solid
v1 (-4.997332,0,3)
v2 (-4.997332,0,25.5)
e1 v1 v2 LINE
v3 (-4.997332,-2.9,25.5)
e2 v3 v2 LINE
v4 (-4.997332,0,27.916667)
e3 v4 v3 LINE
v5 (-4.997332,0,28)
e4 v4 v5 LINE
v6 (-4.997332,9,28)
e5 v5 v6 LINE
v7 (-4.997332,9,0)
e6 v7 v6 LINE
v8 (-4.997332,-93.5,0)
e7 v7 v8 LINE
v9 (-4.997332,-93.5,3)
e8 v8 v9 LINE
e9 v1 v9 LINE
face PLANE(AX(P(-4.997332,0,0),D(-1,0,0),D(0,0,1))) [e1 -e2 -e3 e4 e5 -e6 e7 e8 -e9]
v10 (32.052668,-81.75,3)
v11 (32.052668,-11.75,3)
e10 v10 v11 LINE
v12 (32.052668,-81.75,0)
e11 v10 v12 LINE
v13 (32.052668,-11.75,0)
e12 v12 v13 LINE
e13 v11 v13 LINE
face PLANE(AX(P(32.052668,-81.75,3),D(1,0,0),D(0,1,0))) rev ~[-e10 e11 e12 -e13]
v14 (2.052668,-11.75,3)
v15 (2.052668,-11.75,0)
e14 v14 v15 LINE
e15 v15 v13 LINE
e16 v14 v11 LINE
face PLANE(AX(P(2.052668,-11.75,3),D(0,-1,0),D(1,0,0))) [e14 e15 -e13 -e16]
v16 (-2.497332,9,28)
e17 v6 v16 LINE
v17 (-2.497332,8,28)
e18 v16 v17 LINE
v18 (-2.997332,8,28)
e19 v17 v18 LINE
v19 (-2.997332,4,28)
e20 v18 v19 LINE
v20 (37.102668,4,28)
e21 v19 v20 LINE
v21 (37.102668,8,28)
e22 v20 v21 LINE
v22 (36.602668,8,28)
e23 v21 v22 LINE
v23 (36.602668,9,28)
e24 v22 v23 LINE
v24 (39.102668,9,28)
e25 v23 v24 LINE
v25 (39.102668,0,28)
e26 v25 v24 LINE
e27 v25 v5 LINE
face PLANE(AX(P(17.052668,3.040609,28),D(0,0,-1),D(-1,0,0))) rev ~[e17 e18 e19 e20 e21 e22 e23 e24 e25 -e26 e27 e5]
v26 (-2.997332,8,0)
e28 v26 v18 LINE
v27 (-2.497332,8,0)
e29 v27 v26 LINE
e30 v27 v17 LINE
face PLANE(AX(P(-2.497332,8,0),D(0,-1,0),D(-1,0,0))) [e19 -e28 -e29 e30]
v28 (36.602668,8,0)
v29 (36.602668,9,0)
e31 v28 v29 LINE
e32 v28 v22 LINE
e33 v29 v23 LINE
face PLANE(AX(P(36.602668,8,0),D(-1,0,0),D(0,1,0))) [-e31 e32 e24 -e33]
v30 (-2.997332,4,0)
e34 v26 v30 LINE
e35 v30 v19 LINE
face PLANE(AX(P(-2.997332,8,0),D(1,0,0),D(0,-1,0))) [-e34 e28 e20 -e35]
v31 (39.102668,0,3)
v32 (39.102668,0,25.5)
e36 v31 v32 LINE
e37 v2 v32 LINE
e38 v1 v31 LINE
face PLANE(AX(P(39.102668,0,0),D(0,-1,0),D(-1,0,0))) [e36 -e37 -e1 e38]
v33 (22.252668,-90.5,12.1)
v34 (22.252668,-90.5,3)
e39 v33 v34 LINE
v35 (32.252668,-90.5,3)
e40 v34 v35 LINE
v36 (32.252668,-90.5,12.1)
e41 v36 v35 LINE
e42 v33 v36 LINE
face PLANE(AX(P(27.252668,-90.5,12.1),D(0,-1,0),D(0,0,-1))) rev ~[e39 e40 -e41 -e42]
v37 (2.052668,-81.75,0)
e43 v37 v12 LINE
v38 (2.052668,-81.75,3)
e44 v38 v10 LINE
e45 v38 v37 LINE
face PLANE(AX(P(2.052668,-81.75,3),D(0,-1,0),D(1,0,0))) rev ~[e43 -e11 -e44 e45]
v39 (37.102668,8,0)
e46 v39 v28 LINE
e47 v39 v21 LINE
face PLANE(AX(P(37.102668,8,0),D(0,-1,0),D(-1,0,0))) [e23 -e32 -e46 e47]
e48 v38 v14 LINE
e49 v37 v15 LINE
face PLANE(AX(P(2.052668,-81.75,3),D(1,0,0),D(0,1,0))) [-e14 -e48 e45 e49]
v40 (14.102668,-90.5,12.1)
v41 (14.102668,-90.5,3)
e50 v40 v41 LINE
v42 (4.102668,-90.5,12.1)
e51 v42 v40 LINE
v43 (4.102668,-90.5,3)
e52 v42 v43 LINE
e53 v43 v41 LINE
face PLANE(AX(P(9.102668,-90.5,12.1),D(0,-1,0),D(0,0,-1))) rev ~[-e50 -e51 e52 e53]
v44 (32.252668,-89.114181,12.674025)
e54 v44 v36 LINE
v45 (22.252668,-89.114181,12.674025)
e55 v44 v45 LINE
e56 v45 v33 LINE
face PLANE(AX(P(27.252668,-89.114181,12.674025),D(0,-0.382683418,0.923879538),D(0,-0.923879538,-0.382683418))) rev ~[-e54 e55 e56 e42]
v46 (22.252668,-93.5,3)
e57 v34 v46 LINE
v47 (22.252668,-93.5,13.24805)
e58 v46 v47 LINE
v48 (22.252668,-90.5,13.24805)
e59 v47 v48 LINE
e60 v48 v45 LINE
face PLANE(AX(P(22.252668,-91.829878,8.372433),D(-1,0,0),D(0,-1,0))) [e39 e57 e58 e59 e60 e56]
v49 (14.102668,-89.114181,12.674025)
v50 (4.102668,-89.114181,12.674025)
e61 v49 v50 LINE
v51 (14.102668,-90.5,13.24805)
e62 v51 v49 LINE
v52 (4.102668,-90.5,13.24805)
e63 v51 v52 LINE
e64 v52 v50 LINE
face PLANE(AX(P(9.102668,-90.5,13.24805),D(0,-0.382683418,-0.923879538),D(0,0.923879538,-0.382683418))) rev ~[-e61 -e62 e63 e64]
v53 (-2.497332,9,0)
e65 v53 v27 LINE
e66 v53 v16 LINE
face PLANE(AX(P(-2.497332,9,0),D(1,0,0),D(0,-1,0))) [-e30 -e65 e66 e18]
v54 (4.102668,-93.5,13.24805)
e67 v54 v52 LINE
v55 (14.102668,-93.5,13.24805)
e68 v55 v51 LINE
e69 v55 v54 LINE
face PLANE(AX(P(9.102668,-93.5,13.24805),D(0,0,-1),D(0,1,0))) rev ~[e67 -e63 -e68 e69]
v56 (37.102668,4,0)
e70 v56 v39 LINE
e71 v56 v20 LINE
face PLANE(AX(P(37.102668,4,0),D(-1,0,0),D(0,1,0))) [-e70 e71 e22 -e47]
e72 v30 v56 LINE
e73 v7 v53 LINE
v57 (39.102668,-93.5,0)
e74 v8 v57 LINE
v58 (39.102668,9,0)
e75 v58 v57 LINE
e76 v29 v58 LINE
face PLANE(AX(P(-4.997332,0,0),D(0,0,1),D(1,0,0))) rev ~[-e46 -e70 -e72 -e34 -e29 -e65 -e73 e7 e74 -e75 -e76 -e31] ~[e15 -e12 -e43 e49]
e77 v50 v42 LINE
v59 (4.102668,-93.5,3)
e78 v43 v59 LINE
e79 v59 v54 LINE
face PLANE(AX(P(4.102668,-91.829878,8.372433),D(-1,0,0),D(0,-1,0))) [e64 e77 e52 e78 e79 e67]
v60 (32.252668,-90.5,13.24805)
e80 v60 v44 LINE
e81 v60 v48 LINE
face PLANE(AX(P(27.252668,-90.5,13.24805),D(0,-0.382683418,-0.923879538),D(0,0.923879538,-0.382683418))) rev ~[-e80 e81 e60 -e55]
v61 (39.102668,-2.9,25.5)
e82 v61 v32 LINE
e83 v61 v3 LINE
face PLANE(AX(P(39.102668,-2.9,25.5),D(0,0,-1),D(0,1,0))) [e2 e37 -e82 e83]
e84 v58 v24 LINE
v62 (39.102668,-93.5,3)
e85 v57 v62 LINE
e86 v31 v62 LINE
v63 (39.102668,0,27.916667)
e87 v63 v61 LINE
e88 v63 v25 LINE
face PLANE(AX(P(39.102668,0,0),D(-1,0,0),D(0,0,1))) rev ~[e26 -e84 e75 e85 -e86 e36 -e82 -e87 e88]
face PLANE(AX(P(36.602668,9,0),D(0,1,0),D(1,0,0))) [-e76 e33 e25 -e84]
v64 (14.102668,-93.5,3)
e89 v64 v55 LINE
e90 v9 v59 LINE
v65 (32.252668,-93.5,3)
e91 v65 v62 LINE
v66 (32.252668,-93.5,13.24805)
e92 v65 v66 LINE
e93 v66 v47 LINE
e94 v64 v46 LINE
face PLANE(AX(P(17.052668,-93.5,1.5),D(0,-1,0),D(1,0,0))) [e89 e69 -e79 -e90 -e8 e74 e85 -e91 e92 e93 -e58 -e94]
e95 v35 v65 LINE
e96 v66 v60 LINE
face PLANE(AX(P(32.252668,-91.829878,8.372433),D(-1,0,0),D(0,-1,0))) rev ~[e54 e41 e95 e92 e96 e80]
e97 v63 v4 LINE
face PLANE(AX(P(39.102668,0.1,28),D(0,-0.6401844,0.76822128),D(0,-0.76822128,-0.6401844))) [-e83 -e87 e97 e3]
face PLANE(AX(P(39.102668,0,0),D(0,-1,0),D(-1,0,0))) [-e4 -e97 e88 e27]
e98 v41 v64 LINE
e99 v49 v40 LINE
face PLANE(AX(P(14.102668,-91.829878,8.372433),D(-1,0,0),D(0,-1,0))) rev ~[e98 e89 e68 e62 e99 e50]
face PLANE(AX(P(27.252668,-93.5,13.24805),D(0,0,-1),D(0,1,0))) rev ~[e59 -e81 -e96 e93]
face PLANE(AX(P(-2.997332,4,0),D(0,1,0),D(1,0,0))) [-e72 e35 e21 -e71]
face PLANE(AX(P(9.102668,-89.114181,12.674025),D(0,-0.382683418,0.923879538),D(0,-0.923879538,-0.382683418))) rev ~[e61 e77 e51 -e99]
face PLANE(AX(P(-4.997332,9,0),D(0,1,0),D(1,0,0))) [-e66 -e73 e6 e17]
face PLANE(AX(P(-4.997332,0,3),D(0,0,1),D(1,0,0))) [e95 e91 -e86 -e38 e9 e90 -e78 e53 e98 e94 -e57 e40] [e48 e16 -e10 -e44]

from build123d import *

# Parameters (mm, degrees)
PAD_DEPTH    = 28
SKETCH002_W  = 44.1
SKETCH002_H  = 3
PAD001_DEPTH = 93.5
PAD002_DEPTH = 5
PAD003_DEPTH = 5
PAD004_DEPTH = 44.1
SKETCH006_W  = 30
SKETCH006_H  = 70
POCKET_DEPTH = 5


with BuildPart() as part:
    # Sketch → Pad (new body)
    with BuildSketch(Plane.XY):
        Polygon((-4.997332, 9), (-2.497332, 9), (-2.497332, 8), (-2.997332, 8), (-2.997332, 4), (37.102668, 4), (37.102668, 8), (36.602668, 8), (36.602668, 9), (39.102668, 9), (39.102668, 0), (-4.997332, 0), (-4.997332, 4), align=None)
    extrude(amount=PAD_DEPTH)

    # Sketch002 (on Face11 of Pad) → Pad001 (join)
    with BuildSketch(Plane.XZ):
        with Locations((17.052668, 1.5)):
            Rectangle(SKETCH002_W, SKETCH002_H)
    extrude(amount=PAD001_DEPTH)

    # Sketch003 (on Face18 of Pad001) → Pad002 (join, symmetric)
    with BuildSketch(Plane.YZ.offset(9.102668)):
        Polygon((-93.5, 2.9), (-93.5, 13.24805), (-90.5, 13.24805), (-89.114181, 12.674025), (-90.5, 12.1), (-90.5, 2.9), align=None)
    extrude(amount=PAD002_DEPTH, both=True)

    # Sketch004 (on Face18 of Pad001) → Pad003 (join, symmetric)
    with BuildSketch(Plane.YZ.offset(27.252668)):
        Polygon((-93.5, 2.9), (-93.5, 13.24805), (-90.5, 13.24805), (-89.114181, 12.674025), (-90.5, 12.1), (-90.5, 2.9), align=None)
    extrude(amount=PAD003_DEPTH, both=True)

    # Sketch005 (on Face14 of Pad003) → Pad004 (join)
    with BuildSketch(Plane.YZ.offset(39.102668)):
        Polygon((0.1, 28), (-2.9, 25.5), (0.1, 25.5), align=None)
    extrude(amount=-PAD004_DEPTH)

    # Sketch006 (on Face26 of Pad004) → Pocket (cut)
    with BuildSketch(Plane.XY.offset(3)):
        with Locations((17.052668, -46.75)):
            Rectangle(SKETCH006_W, SKETCH006_H)
    extrude(amount=-POCKET_DEPTH, mode=Mode.SUBTRACT)


solid = part.part
